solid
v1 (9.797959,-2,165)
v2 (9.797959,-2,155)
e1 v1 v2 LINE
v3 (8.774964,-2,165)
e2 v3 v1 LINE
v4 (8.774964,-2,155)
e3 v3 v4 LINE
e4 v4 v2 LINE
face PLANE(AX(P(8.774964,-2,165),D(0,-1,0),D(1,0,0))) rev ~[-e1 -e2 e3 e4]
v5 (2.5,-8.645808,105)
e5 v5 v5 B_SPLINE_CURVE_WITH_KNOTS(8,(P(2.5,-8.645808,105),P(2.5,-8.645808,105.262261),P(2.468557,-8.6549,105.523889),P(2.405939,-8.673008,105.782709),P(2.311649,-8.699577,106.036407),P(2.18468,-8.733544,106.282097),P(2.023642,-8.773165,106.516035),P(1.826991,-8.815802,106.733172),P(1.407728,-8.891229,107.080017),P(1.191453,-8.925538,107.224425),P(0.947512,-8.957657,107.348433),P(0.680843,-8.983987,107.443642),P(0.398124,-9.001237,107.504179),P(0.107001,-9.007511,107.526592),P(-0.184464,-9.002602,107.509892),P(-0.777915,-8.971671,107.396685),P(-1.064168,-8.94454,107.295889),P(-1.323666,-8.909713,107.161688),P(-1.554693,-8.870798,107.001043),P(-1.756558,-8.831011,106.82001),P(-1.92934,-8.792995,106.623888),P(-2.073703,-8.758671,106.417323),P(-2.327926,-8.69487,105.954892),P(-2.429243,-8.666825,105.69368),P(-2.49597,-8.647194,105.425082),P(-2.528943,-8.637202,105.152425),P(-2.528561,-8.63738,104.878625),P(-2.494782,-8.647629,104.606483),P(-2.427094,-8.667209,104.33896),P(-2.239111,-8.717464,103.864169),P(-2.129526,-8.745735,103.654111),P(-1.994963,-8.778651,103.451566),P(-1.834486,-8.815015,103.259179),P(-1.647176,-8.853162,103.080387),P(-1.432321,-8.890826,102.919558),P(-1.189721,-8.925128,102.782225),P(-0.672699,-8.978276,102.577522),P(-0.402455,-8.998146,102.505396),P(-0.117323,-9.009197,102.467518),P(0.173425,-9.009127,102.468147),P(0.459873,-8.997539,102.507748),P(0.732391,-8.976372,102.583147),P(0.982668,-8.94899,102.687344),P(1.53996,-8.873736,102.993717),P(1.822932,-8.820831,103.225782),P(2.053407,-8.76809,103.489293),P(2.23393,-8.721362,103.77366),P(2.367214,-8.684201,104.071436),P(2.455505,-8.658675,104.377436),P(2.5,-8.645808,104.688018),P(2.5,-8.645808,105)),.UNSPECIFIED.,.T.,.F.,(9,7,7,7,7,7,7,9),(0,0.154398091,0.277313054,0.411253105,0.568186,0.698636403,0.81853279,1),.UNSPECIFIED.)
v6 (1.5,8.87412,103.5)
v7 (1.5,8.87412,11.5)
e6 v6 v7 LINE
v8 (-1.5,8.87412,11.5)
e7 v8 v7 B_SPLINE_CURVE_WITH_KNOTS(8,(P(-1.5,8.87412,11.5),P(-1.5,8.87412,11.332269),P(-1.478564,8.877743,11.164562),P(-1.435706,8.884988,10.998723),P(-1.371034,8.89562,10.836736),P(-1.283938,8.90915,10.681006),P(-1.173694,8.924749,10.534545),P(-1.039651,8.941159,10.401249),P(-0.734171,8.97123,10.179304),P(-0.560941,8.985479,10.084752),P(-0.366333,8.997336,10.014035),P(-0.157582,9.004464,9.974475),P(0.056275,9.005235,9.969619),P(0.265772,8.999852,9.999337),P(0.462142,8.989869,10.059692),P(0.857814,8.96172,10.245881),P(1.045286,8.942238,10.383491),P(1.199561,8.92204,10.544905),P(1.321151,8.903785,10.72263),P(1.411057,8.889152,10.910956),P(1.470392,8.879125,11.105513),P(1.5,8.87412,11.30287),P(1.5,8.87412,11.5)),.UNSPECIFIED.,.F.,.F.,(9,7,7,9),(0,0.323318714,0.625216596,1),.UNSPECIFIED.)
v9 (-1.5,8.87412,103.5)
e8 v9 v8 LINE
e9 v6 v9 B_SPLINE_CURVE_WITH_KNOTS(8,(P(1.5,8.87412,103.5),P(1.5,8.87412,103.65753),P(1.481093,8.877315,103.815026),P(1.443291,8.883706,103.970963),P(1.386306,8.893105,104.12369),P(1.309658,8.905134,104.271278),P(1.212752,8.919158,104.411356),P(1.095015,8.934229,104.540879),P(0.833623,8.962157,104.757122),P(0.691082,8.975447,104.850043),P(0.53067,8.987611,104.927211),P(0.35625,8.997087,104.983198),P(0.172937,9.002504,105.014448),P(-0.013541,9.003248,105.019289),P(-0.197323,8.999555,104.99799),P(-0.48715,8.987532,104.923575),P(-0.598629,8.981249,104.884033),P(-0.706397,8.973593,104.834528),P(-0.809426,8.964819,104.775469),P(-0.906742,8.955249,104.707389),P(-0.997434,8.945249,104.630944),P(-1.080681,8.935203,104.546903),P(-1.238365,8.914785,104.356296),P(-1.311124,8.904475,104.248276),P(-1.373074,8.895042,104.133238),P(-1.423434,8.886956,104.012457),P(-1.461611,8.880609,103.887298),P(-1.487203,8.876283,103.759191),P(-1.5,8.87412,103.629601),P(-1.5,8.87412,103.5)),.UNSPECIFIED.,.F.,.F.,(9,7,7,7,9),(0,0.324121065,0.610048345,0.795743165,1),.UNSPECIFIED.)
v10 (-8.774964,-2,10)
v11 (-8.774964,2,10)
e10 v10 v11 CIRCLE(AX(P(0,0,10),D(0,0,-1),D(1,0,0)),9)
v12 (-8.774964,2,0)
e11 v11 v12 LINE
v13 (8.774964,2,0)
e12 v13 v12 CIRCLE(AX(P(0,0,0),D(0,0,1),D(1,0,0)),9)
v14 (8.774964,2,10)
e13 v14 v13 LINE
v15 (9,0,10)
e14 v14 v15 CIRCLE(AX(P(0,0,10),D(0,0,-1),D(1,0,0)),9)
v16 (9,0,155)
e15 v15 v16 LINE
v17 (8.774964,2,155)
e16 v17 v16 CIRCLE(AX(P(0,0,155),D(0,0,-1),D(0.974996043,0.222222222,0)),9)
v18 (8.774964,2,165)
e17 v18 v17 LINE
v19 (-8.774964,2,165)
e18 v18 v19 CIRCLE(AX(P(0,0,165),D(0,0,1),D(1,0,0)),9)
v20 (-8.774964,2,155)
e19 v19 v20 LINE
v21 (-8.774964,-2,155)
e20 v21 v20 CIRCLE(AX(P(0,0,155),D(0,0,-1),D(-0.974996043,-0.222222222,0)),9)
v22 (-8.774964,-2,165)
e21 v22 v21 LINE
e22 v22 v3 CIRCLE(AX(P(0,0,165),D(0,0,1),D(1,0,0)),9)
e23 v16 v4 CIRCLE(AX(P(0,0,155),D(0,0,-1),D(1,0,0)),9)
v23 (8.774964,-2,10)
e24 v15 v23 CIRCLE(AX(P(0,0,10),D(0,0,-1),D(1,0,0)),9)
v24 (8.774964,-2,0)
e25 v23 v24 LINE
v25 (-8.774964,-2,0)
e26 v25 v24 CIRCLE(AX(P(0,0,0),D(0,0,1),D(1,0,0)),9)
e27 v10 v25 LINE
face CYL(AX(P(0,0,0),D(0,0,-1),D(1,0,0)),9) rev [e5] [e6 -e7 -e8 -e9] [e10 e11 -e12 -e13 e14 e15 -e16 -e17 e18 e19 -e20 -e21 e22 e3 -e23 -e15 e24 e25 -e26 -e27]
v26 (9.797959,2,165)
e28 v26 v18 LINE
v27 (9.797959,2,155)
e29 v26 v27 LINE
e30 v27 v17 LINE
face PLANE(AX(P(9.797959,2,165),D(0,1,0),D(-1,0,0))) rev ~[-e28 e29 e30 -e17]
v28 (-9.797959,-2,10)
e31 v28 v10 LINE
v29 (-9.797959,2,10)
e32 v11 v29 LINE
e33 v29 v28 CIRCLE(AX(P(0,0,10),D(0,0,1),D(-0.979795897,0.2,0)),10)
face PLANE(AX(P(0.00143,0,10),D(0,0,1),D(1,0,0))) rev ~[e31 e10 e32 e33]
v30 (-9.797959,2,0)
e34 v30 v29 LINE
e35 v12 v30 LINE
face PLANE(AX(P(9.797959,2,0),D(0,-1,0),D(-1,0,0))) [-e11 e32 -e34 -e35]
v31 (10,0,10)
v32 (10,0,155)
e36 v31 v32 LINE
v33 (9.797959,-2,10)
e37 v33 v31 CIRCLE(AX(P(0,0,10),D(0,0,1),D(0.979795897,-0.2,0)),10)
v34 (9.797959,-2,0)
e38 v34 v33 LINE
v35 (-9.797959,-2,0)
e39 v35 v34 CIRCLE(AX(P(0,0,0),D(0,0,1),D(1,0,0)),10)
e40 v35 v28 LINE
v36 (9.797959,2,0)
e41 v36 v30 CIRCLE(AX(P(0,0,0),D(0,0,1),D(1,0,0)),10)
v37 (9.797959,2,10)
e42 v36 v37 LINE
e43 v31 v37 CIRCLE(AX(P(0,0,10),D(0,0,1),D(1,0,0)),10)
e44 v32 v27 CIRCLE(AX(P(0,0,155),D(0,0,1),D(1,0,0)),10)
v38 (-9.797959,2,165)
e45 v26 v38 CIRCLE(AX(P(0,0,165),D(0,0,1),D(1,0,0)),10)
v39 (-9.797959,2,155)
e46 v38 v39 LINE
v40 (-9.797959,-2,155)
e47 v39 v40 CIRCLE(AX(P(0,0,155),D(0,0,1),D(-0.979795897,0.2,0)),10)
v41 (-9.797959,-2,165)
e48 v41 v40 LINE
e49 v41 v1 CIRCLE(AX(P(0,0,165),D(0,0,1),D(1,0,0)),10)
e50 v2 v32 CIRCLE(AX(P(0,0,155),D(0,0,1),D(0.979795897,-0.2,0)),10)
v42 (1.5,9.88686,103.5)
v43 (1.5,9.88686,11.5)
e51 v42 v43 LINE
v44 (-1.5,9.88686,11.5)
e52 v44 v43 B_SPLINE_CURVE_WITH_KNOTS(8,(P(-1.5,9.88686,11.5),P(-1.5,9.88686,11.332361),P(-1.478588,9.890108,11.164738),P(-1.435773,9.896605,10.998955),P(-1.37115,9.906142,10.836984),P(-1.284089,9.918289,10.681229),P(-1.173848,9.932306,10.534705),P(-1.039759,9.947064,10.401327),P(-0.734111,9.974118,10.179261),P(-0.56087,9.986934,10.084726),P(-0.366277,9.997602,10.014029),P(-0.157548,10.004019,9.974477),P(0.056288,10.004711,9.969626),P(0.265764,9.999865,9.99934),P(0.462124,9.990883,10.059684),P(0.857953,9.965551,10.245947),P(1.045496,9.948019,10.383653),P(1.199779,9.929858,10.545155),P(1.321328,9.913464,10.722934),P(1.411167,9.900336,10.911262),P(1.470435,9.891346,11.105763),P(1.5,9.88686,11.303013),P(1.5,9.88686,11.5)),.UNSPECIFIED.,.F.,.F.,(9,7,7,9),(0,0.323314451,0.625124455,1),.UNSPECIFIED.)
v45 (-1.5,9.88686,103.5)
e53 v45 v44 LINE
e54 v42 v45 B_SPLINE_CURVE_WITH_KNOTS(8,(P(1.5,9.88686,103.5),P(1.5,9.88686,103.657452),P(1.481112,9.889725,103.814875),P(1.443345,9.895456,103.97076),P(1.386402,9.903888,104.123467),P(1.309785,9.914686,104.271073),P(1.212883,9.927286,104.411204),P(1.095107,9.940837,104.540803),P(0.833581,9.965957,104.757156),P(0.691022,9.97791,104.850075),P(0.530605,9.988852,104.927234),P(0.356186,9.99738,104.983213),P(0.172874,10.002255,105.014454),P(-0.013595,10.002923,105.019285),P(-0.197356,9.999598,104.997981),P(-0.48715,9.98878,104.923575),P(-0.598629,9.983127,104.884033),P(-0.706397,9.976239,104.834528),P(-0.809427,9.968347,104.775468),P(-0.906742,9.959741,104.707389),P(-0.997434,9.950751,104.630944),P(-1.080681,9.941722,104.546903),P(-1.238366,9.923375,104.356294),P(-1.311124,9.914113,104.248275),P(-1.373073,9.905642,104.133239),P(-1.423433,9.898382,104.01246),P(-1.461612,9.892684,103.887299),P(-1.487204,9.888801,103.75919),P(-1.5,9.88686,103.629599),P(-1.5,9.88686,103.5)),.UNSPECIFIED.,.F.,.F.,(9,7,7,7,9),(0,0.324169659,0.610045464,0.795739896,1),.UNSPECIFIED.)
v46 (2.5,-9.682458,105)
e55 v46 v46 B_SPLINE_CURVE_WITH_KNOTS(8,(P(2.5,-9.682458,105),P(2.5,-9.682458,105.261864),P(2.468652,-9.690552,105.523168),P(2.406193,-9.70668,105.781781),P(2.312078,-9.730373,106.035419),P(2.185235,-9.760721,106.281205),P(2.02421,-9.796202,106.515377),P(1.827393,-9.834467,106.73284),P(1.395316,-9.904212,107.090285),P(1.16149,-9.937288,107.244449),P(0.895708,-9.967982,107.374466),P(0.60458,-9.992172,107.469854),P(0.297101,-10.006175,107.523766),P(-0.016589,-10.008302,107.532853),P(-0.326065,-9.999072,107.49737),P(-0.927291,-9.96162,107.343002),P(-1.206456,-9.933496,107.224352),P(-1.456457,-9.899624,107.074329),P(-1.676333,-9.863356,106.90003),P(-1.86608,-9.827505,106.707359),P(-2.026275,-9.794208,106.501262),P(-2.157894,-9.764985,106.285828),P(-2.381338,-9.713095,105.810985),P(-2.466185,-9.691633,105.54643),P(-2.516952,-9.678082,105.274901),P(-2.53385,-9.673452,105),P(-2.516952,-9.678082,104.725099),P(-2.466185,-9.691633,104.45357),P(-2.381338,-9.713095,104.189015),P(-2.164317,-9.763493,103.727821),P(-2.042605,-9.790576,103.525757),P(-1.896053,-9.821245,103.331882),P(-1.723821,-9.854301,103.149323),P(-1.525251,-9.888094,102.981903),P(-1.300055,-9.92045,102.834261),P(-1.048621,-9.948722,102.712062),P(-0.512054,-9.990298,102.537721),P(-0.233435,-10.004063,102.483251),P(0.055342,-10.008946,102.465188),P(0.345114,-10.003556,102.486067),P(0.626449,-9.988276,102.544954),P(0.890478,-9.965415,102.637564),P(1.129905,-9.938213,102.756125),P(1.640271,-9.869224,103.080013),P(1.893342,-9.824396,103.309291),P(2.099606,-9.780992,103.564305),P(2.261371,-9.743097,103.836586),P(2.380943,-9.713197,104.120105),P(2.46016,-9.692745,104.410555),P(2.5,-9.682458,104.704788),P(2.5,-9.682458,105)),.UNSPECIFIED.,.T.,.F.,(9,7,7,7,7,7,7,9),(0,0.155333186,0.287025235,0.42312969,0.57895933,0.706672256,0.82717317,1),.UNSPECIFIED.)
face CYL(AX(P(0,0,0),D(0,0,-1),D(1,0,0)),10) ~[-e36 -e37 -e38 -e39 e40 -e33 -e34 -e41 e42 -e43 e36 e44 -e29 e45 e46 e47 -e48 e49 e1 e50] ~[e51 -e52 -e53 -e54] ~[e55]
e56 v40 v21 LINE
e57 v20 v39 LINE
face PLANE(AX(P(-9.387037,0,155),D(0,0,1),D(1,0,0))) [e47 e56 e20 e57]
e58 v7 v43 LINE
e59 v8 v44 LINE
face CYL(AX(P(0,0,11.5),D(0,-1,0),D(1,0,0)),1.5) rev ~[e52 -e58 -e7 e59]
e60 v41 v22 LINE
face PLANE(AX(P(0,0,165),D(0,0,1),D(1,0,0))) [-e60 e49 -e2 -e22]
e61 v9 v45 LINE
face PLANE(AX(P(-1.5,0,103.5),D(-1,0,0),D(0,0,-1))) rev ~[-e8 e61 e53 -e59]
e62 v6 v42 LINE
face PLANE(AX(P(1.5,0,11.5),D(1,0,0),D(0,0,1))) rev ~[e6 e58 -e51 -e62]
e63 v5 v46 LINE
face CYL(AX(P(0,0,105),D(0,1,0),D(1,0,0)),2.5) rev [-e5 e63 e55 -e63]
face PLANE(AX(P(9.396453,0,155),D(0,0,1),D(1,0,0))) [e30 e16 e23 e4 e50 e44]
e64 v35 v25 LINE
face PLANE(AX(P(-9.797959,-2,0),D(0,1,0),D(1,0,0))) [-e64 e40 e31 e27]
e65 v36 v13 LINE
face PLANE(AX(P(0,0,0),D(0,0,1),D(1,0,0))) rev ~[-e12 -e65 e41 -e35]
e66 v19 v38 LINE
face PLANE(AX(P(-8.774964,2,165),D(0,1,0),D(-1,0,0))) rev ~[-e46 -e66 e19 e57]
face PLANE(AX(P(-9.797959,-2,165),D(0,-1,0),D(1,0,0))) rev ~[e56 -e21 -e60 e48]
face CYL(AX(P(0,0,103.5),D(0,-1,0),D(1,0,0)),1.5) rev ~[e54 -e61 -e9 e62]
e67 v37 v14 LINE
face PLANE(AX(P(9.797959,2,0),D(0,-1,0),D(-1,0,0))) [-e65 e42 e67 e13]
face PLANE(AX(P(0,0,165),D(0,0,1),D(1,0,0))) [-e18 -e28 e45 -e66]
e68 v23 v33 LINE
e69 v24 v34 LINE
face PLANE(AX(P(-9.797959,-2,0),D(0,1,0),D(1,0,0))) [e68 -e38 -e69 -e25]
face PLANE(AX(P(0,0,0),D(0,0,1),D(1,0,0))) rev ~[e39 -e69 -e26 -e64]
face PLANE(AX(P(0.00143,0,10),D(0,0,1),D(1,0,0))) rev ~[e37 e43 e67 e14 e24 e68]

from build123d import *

# Parameters (mm, degrees)
F0_R     = 10
F0_R_2   = 9
F1_DEPTH = 165
F3_DEPTH = 10
F5_DEPTH = 25
F7_DEPTH = 10
F8_R     = 2.5
F9_DEPTH = 25


with BuildPart() as f1:
    # F0 (on Top) → F1 (new body)
    with BuildSketch(Plane.XY):
        Circle(F0_R)
        Circle(F0_R_2, mode=Mode.SUBTRACT)
    extrude(amount=F1_DEPTH)

    # F2 (on Top) → F3 (cut)
    with BuildSketch(Plane.XY):
        with BuildLine():
            ThreePointArc((9.7979589711, -2), (9.9493615301, -1.0050896201), (10, 0))
            ThreePointArc((10, 0), (9.9493615301, 1.0050896201), (9.7979589711, 2))
            Line((9.7979589711, 2), (-9.7979589711, 2))
            ThreePointArc((-9.7979589711, 2), (-10, 0), (-9.7979589711, -2))
            Line((-9.7979589711, -2), (9.7979589711, -2))
        make_face()
    extrude(amount=F3_DEPTH, mode=Mode.SUBTRACT)

    # F4 (on Front) → F5 (cut)
    with BuildSketch(Plane.XZ):
        with BuildLine():
            ThreePointArc((-1.5, 11.5), (0, 10), (1.5, 11.5))
            ThreePointArc((1.5, 11.5), (0, 13), (-1.5, 11.5))
        make_face()
        with BuildLine():
            ThreePointArc((-1.5, 11.5), (0, 13), (1.5, 11.5))
            Line((1.5, 11.5), (1.5, 103.5))
            ThreePointArc((1.5, 103.5), (0, 102), (-1.5, 103.5))
            Line((-1.5, 103.5), (-1.5, 11.5))
        make_face()
        with BuildLine():
            ThreePointArc((-1.5, 103.5), (0, 102), (1.5, 103.5))
            ThreePointArc((1.5, 103.5), (0, 105), (-1.5, 103.5))
        make_face()
    extrude(amount=-F5_DEPTH, mode=Mode.SUBTRACT)

    # F6 (on face) → F7 (cut)
    with BuildSketch(Plane.XY.offset(165)):
        with BuildLine():
            ThreePointArc((10, 0), (9.9493615301, 1.0050896201), (9.7979589711, 2))
            Line((9.7979589711, 2), (8.7749643874, 2))
            ThreePointArc((8.7749643874, 2), (8.9435641521, 1.0063102189), (9, 0))
            ThreePointArc((9, 0), (8.9435641521, -1.0063102189), (8.7749643874, -2))
            Line((8.7749643874, -2), (9.7979589711, -2))
            ThreePointArc((9.7979589711, -2), (9.9493615301, -1.0050896201), (10, 0))
        make_face()
        with BuildLine():
            Line((-8.7749643874, 2), (-9.7979589711, 2))
            ThreePointArc((-9.7979589711, 2), (-10, 0), (-9.7979589711, -2))
            Line((-9.7979589711, -2), (-8.7749643874, -2))
            ThreePointArc((-8.7749643874, -2), (-9, 0), (-8.7749643874, 2))
        make_face()
    extrude(amount=-F7_DEPTH, mode=Mode.SUBTRACT)

    # F8 (on Front) → F9 (cut)
    with BuildSketch(Plane.XZ):
        with Locations((0, 105)):
            Circle(F8_R)
    extrude(amount=F9_DEPTH, mode=Mode.SUBTRACT)


solid = f1.part
